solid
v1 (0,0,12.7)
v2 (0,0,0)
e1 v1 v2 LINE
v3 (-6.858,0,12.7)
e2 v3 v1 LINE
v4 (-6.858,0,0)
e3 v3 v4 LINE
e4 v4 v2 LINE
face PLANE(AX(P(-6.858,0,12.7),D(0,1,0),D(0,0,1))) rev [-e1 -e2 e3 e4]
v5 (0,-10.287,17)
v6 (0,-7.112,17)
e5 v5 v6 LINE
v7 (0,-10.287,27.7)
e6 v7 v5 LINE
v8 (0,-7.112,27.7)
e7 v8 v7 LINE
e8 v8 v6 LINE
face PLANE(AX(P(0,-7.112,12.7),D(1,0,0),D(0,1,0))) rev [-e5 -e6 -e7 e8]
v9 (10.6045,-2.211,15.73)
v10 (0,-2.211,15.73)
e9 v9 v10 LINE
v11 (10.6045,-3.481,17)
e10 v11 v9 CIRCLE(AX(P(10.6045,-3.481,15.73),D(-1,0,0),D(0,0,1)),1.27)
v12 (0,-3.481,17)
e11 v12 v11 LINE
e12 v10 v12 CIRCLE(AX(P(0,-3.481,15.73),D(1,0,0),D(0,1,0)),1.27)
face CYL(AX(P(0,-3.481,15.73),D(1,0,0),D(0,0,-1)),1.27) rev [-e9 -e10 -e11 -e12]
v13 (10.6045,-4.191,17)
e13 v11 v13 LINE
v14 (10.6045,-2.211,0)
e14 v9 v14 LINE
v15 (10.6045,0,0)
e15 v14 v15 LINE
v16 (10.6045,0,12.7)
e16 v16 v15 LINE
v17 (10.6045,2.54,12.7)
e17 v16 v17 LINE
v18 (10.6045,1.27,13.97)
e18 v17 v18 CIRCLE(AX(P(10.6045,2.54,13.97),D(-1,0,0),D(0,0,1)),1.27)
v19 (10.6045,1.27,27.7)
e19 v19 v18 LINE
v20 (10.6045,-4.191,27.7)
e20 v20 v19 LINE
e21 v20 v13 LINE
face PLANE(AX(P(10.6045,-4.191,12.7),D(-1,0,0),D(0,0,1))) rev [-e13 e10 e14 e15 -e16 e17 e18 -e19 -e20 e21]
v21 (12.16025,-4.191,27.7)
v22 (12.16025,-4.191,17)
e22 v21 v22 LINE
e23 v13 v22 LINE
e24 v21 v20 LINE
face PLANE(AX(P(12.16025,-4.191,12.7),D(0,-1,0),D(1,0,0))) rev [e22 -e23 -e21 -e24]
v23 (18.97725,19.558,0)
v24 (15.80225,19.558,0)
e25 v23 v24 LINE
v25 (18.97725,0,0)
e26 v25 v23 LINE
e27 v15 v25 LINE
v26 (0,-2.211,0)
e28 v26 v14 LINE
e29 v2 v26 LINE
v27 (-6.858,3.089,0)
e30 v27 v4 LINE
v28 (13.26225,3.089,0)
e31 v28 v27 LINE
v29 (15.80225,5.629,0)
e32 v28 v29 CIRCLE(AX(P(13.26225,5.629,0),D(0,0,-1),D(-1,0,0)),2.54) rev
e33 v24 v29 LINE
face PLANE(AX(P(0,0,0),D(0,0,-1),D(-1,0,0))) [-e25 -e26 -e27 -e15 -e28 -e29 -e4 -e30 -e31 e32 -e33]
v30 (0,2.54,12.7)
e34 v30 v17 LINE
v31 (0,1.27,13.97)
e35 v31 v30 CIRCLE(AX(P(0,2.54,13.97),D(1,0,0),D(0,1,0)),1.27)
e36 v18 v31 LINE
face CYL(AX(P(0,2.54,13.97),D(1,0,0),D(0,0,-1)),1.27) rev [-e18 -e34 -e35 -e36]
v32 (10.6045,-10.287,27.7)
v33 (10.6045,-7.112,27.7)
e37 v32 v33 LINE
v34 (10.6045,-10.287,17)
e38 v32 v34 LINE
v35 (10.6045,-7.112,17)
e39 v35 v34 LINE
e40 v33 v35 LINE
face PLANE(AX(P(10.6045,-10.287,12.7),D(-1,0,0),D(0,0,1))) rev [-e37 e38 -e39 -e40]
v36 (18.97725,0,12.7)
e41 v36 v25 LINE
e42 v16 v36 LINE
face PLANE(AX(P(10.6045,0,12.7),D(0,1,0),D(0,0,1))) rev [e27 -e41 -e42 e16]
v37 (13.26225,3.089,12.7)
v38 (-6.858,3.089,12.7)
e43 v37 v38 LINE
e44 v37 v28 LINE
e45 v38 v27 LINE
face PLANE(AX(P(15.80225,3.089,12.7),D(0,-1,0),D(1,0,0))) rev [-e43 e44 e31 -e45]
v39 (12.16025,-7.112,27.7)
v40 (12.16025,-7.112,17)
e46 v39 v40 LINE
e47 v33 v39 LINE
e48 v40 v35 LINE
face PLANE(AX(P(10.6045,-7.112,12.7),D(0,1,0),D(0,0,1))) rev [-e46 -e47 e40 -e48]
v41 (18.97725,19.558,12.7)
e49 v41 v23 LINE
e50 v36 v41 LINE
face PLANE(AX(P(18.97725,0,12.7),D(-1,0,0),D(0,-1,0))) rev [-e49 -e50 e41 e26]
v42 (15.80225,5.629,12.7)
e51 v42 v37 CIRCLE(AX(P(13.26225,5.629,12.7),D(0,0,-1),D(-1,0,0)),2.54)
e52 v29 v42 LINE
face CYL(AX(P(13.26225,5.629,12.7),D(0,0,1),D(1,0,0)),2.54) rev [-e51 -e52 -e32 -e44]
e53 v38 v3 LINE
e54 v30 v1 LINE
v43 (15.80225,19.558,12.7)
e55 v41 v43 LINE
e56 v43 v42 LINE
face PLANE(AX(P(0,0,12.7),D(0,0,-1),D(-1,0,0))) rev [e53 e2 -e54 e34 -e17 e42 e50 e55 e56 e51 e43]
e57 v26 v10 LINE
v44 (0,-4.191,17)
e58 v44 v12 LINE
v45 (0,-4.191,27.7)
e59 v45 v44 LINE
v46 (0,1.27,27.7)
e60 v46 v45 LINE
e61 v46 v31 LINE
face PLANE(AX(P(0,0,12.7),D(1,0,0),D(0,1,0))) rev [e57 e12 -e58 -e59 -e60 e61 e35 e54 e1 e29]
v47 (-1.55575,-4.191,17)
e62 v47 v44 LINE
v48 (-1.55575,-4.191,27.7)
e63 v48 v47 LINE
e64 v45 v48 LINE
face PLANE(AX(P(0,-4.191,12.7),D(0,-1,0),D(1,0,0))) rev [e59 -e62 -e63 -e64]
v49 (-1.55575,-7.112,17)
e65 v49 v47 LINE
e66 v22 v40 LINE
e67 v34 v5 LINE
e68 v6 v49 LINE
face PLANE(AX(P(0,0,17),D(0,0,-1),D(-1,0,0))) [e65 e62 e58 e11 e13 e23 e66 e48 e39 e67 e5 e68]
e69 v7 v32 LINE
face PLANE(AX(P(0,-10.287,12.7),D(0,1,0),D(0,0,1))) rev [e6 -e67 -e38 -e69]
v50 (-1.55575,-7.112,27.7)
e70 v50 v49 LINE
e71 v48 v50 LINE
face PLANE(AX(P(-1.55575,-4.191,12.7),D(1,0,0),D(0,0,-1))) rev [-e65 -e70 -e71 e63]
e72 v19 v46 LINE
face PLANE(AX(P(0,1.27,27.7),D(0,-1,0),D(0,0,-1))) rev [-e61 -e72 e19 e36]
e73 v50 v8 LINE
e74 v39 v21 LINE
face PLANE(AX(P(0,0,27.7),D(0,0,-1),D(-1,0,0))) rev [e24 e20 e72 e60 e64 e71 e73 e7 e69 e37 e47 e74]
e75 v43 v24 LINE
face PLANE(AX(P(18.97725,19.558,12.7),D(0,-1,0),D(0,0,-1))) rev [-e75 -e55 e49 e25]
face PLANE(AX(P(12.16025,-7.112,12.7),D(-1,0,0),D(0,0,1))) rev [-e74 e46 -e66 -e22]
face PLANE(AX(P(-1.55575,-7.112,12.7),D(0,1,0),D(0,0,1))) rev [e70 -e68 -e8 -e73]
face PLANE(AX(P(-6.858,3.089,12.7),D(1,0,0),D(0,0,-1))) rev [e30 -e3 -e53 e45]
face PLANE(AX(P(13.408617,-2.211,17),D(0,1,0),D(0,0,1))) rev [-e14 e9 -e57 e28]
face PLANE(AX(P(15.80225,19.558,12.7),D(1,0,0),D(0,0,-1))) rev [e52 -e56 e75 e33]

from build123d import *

# Parameters (mm, degrees)
BOSS_EXTRUDE1_DEPTH = 12.7
FILLET1_R           = 2.54
BOSS_EXTRUDE2_DEPTH = 15
SKETCH3_W           = 20.43801088
SKETCH3_H           = 11.408302333
CUT_EXTRUDE1_DEPTH  = 17
FILLET2_R           = 1.27


with BuildPart() as part:
    # Sketch1 → Boss-Extrude1 (new body)
    with BuildSketch(Plane.XY):
        Polygon((0, 0), (0, -4.191), (-1.55575, -4.191), (-1.55575, -7.112), (0, -7.112), (0, -10.287), (10.6045, -10.287), (10.6045, -7.112), (12.16025, -7.112), (12.16025, -4.191), (10.6045, -4.191), (10.6045, 0), (18.97725, 0), (18.97725, 19.558), (15.80225, 19.558), (15.80225, 3.089), (-6.858, 3.089), (-6.858, 0), align=None)
    extrude(amount=BOSS_EXTRUDE1_DEPTH)

    # Fillet1
    fillet1_edges = [part.edges().sort_by_distance(p)[0] for p in [
        (15.80225, 3.089, 6.35),
    ]]
    fillet(fillet1_edges, radius=FILLET1_R)

    # Sketch2 → Boss-Extrude2 (add)
    with BuildSketch(Plane.XY.offset(12.7)):
        Polygon((0, 0), (0, 1.27), (10.6045, 1.27), (10.6045, 0), (10.6045, -4.191), (12.16025, -4.191), (12.16025, -7.112), (10.6045, -7.112), (10.6045, -10.287), (0, -10.287), (0, -7.112), (-1.55575, -7.112), (-1.55575, -4.191), (0, -4.191), align=None)
    extrude(amount=BOSS_EXTRUDE2_DEPTH)

    # Sketch3 → Cut-Extrude1 (cut)
    with BuildSketch(Plane(origin=(0, 0, 0), x_dir=(-1, 0, 0), z_dir=(0, 0, -1))):
        with Locations((-3.189611216, -7.915151167)):
            Rectangle(SKETCH3_W, SKETCH3_H)
    extrude(amount=-CUT_EXTRUDE1_DEPTH, mode=Mode.SUBTRACT)

    # Fillet2
    fillet2_edges = [part.edges().sort_by_distance(p)[0] for p in [
        (5.30225, -2.211, 17),
        (5.30225, 1.27, 12.7),
    ]]
    fillet(fillet2_edges, radius=FILLET2_R)


solid = part.part
